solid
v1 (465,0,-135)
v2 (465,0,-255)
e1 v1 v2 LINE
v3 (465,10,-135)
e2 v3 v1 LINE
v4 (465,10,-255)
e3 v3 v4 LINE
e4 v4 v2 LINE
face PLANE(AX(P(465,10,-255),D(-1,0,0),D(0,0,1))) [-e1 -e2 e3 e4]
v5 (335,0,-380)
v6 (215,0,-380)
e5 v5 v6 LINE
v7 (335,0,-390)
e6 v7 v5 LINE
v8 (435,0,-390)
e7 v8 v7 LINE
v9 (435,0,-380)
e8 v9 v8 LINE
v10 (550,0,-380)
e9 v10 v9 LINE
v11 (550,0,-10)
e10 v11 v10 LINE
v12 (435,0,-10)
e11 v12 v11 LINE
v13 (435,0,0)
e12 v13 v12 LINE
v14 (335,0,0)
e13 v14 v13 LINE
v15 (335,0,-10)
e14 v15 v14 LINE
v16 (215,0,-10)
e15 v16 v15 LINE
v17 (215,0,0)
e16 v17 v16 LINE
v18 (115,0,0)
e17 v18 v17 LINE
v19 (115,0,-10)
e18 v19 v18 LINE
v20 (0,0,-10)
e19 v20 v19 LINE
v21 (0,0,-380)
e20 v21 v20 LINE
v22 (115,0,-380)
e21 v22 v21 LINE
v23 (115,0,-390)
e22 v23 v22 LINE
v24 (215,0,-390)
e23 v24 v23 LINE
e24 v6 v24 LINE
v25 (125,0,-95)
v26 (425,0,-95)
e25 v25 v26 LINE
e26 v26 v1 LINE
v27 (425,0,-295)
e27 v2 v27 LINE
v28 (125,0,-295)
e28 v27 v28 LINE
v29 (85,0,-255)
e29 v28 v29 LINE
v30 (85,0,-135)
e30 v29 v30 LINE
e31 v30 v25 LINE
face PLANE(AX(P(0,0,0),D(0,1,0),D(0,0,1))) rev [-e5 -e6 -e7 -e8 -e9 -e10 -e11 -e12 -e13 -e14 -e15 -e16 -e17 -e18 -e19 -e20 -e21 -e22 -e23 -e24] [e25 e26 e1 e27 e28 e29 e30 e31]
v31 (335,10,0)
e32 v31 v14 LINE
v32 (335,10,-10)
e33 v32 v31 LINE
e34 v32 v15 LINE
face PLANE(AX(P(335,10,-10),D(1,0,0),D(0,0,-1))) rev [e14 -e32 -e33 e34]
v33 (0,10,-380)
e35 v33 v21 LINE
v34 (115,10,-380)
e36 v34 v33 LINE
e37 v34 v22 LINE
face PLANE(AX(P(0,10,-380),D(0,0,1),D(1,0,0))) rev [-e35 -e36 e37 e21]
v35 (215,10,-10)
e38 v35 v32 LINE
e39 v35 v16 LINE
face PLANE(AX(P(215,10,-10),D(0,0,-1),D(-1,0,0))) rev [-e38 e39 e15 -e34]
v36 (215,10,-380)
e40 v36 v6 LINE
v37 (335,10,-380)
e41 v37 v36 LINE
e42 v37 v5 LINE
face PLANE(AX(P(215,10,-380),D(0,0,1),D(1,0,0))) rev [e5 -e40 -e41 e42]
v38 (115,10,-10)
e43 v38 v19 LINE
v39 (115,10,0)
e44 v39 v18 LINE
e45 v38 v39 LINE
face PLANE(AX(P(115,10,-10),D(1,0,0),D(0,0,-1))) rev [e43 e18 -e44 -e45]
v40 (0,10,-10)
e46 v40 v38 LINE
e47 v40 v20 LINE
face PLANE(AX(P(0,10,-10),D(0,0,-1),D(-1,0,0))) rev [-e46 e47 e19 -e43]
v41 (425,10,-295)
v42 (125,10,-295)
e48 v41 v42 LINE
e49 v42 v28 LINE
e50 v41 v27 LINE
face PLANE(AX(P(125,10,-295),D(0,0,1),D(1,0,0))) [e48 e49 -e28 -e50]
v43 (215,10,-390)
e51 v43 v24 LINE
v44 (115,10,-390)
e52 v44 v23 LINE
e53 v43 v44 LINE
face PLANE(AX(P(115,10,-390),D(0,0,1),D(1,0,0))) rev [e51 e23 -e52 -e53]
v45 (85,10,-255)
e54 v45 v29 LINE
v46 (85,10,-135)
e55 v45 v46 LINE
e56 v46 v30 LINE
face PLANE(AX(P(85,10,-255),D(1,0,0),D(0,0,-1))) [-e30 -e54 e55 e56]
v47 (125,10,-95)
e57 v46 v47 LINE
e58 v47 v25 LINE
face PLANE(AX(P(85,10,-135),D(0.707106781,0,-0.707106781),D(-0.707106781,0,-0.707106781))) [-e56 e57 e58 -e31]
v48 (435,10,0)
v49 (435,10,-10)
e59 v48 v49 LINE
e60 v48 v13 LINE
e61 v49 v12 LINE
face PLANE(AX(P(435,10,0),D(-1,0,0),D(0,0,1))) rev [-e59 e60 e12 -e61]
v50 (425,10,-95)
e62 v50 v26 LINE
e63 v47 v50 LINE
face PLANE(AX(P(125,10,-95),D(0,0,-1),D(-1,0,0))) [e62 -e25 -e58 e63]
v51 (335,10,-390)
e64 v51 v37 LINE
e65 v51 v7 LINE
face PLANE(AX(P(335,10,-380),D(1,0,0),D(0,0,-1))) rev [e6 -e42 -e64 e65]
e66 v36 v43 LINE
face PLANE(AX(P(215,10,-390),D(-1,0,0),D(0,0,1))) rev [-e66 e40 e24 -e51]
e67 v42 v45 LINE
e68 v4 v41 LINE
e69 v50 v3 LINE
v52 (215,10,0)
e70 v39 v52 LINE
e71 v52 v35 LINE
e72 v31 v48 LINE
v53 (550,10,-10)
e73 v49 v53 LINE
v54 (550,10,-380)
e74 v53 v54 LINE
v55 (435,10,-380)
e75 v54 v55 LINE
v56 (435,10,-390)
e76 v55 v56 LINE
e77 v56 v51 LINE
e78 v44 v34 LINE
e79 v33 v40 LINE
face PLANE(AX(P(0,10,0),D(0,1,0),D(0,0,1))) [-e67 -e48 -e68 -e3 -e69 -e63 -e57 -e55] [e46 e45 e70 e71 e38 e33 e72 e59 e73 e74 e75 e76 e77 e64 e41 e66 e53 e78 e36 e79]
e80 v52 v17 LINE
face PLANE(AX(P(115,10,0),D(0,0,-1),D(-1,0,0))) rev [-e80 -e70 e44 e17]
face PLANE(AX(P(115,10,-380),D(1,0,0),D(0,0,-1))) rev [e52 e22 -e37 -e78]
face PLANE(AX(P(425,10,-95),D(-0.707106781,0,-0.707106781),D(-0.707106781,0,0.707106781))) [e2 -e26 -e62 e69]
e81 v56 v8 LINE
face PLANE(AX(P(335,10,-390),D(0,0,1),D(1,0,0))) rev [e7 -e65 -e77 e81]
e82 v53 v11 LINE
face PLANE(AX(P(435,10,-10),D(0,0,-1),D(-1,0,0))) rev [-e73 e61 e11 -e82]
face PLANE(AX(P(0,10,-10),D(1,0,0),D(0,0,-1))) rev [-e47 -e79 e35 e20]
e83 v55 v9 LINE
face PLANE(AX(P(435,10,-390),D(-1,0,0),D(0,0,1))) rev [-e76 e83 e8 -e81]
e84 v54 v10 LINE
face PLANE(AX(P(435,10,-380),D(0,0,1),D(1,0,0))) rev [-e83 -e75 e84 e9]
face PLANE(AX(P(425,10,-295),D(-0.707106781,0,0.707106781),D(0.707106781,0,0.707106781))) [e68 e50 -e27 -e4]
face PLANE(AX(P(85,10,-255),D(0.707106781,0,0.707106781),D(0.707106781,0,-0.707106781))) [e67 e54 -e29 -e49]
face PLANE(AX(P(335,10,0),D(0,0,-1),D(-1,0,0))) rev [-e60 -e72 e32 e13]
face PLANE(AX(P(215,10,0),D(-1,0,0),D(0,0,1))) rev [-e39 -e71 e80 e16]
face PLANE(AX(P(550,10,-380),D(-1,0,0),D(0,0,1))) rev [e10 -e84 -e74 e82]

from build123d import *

# Parameters (mm, degrees)
BOSS_EXTRU_1_DEPTH = 10


with BuildPart() as part:
    # Esquisse1 → Boss.-Extru.1 (new body)
    with BuildSketch(Plane(origin=(0, 0, 0), x_dir=(1, 0, 0), z_dir=(0, 1, 0))):
        Polygon((0, 10), (115, 10), (115, 0), (215, 0), (215, 10), (335, 10), (335, 0), (435, 0), (435, 10), (550, 10), (550, 380), (435, 380), (435, 390), (335, 390), (335, 380), (215, 380), (215, 390), (115, 390), (115, 380), (0, 380), align=None)
        Polygon((85, 135), (125, 95), (425, 95), (465, 135), (465, 255), (425, 295), (125, 295), (85, 255), align=None, mode=Mode.SUBTRACT)
    extrude(amount=BOSS_EXTRU_1_DEPTH)


solid = part.part
